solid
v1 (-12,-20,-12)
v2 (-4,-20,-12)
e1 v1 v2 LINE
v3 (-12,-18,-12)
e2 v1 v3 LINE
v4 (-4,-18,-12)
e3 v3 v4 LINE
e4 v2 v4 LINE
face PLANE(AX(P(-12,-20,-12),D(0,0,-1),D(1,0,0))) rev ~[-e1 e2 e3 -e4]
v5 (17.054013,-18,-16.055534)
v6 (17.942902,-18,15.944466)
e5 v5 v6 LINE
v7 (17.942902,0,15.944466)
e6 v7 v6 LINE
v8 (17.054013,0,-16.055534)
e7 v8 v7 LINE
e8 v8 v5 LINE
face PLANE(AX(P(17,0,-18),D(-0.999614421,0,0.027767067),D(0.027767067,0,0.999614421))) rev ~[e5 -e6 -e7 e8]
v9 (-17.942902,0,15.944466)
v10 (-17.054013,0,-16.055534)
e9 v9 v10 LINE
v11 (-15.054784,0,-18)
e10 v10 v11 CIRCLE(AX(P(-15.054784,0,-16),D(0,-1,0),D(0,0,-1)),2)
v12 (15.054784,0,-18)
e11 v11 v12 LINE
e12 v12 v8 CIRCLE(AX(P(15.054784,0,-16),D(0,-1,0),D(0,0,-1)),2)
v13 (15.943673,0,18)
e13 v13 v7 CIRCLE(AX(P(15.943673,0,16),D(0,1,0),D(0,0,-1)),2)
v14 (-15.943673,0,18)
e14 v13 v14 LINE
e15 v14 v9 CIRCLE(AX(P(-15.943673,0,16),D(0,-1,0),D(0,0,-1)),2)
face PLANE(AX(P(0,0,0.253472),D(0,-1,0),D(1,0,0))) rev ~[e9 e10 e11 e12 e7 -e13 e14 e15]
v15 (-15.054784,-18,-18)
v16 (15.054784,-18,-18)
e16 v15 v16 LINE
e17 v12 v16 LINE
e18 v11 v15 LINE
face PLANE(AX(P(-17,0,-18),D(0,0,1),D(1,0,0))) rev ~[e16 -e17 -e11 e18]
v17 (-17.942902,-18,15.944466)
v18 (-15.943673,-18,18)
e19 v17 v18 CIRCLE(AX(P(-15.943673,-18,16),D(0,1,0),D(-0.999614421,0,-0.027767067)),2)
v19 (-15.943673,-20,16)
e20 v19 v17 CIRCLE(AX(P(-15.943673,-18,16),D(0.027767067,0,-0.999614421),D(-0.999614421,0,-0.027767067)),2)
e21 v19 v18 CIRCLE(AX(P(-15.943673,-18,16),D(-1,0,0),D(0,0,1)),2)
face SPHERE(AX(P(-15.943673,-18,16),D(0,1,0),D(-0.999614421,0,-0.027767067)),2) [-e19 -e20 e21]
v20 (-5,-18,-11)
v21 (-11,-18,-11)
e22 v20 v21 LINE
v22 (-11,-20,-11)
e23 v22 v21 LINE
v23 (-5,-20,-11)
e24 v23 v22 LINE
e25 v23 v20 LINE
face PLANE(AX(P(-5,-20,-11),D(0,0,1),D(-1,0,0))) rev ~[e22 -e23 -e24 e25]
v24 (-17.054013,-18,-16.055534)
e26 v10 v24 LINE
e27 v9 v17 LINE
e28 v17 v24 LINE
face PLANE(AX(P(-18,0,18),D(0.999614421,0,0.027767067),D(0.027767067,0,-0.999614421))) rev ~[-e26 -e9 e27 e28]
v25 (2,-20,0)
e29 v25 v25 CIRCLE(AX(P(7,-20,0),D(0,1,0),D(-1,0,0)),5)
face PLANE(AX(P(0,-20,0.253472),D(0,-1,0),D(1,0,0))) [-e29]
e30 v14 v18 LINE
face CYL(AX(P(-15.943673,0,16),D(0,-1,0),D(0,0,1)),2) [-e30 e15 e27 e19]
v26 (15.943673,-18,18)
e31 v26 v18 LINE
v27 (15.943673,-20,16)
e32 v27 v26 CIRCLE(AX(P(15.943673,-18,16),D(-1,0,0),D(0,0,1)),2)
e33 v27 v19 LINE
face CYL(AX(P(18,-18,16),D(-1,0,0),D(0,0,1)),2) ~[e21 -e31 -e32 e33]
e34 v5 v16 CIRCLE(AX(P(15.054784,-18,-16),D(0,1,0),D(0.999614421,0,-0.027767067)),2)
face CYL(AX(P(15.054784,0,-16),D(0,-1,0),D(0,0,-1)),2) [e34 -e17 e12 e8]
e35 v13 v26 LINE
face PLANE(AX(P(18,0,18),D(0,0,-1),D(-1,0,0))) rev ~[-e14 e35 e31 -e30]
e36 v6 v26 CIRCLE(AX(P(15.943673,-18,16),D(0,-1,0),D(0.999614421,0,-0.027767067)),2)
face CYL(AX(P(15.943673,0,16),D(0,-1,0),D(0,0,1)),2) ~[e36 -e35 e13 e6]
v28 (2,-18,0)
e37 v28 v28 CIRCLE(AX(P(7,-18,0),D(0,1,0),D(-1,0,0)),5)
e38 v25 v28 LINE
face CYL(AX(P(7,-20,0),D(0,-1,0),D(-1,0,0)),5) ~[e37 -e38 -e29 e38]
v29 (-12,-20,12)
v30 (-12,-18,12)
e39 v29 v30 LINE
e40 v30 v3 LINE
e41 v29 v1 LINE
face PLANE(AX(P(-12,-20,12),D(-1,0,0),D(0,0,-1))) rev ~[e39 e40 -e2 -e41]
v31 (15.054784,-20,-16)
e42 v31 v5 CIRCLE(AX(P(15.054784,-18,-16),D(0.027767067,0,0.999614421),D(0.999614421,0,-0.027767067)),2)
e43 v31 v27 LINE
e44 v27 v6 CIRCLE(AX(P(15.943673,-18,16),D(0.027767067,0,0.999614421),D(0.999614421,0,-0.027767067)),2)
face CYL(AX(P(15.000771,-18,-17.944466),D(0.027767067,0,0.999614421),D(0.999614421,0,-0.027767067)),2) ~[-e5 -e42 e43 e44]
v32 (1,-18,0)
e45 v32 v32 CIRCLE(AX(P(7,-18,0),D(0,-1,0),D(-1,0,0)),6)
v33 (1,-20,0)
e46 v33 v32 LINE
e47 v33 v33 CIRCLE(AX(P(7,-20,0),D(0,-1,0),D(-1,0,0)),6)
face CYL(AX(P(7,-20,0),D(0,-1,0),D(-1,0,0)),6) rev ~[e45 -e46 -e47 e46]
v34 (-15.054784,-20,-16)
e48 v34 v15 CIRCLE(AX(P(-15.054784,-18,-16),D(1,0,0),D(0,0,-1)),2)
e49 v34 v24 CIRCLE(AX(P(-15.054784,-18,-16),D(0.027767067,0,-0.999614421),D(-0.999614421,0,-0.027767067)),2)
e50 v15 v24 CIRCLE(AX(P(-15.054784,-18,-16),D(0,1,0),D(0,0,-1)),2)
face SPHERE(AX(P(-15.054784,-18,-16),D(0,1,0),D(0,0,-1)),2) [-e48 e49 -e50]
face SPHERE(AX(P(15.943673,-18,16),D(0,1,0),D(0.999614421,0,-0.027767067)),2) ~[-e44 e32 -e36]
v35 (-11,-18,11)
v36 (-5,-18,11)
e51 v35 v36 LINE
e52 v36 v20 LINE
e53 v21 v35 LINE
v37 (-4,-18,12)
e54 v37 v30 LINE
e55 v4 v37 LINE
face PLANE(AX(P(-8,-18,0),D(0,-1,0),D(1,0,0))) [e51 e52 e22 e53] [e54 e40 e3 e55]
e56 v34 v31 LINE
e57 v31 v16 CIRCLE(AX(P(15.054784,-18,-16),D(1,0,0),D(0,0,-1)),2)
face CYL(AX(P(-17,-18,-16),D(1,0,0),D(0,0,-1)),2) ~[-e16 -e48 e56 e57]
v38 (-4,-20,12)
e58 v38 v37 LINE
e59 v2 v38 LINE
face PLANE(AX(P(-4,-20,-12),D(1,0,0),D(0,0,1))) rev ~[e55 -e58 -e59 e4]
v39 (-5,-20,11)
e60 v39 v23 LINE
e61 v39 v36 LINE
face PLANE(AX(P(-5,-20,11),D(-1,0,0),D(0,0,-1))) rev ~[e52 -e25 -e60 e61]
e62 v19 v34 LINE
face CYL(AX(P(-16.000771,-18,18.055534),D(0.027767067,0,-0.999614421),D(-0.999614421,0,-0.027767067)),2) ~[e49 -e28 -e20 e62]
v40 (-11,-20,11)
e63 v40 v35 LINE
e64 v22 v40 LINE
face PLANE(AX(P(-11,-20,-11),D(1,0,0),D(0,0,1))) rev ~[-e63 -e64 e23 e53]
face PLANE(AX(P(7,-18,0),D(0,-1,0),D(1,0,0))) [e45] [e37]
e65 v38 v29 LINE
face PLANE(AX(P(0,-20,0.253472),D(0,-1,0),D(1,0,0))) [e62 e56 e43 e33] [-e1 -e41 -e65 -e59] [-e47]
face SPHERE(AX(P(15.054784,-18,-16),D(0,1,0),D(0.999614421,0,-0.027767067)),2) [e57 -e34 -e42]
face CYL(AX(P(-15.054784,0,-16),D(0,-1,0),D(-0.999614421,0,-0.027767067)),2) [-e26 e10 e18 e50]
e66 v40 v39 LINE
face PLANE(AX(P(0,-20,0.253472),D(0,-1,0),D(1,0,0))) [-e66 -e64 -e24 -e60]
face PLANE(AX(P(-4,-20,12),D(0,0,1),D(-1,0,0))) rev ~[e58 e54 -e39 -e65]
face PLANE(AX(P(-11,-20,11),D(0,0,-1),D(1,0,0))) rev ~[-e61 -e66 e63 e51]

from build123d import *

# Parameters (mm, degrees)
F1_DEPTH = 20
F2_R     = 2
F4_DEPTH = 2


with BuildPart() as f1:
    # F0 (on Front) → F1 (new body)
    with BuildSketch(Plane.XZ):
        Polygon((18, 18), (-18, 18), (-17, -18), (17, -18), align=None)
    extrude(amount=F1_DEPTH)

    # F2
    f2_edges = [f1.edges().sort_by_distance(p)[0] for p in [
        (-17, -10, -18),
        (-18, -10, 18),
        (18, -10, 18),
        (17, -10, -18),
        (17.5, -20, 0),
        (0, -20, -18),
        (-17.5, -20, 0),
        (0, -20, 18),
    ]]
    fillet(f2_edges, radius=F2_R)

    # F3 (on face) → F4 (cut)
    with BuildSketch(Plane.XZ.offset(20)):
        Polygon((-4, -12), (-4, 0), (-4, 12), (-12, 12), (-12, -12), align=None)
        Polygon((-5, 11), (-5, 0), (-5, -11), (-11, -11), (-11, 11), align=None, mode=Mode.SUBTRACT)
        with BuildLine():
            ThreePointArc((13, 0), (7, 6), (1, 0))
            ThreePointArc((1, 0), (7, -6), (13, 0))
        make_face()
        with BuildLine():
            ThreePointArc((12, 0), (7, -5), (2, 0))
            ThreePointArc((2, 0), (7, 5), (12, 0))
        make_face(mode=Mode.SUBTRACT)
    extrude(amount=-F4_DEPTH, mode=Mode.SUBTRACT)


solid = f1.part
